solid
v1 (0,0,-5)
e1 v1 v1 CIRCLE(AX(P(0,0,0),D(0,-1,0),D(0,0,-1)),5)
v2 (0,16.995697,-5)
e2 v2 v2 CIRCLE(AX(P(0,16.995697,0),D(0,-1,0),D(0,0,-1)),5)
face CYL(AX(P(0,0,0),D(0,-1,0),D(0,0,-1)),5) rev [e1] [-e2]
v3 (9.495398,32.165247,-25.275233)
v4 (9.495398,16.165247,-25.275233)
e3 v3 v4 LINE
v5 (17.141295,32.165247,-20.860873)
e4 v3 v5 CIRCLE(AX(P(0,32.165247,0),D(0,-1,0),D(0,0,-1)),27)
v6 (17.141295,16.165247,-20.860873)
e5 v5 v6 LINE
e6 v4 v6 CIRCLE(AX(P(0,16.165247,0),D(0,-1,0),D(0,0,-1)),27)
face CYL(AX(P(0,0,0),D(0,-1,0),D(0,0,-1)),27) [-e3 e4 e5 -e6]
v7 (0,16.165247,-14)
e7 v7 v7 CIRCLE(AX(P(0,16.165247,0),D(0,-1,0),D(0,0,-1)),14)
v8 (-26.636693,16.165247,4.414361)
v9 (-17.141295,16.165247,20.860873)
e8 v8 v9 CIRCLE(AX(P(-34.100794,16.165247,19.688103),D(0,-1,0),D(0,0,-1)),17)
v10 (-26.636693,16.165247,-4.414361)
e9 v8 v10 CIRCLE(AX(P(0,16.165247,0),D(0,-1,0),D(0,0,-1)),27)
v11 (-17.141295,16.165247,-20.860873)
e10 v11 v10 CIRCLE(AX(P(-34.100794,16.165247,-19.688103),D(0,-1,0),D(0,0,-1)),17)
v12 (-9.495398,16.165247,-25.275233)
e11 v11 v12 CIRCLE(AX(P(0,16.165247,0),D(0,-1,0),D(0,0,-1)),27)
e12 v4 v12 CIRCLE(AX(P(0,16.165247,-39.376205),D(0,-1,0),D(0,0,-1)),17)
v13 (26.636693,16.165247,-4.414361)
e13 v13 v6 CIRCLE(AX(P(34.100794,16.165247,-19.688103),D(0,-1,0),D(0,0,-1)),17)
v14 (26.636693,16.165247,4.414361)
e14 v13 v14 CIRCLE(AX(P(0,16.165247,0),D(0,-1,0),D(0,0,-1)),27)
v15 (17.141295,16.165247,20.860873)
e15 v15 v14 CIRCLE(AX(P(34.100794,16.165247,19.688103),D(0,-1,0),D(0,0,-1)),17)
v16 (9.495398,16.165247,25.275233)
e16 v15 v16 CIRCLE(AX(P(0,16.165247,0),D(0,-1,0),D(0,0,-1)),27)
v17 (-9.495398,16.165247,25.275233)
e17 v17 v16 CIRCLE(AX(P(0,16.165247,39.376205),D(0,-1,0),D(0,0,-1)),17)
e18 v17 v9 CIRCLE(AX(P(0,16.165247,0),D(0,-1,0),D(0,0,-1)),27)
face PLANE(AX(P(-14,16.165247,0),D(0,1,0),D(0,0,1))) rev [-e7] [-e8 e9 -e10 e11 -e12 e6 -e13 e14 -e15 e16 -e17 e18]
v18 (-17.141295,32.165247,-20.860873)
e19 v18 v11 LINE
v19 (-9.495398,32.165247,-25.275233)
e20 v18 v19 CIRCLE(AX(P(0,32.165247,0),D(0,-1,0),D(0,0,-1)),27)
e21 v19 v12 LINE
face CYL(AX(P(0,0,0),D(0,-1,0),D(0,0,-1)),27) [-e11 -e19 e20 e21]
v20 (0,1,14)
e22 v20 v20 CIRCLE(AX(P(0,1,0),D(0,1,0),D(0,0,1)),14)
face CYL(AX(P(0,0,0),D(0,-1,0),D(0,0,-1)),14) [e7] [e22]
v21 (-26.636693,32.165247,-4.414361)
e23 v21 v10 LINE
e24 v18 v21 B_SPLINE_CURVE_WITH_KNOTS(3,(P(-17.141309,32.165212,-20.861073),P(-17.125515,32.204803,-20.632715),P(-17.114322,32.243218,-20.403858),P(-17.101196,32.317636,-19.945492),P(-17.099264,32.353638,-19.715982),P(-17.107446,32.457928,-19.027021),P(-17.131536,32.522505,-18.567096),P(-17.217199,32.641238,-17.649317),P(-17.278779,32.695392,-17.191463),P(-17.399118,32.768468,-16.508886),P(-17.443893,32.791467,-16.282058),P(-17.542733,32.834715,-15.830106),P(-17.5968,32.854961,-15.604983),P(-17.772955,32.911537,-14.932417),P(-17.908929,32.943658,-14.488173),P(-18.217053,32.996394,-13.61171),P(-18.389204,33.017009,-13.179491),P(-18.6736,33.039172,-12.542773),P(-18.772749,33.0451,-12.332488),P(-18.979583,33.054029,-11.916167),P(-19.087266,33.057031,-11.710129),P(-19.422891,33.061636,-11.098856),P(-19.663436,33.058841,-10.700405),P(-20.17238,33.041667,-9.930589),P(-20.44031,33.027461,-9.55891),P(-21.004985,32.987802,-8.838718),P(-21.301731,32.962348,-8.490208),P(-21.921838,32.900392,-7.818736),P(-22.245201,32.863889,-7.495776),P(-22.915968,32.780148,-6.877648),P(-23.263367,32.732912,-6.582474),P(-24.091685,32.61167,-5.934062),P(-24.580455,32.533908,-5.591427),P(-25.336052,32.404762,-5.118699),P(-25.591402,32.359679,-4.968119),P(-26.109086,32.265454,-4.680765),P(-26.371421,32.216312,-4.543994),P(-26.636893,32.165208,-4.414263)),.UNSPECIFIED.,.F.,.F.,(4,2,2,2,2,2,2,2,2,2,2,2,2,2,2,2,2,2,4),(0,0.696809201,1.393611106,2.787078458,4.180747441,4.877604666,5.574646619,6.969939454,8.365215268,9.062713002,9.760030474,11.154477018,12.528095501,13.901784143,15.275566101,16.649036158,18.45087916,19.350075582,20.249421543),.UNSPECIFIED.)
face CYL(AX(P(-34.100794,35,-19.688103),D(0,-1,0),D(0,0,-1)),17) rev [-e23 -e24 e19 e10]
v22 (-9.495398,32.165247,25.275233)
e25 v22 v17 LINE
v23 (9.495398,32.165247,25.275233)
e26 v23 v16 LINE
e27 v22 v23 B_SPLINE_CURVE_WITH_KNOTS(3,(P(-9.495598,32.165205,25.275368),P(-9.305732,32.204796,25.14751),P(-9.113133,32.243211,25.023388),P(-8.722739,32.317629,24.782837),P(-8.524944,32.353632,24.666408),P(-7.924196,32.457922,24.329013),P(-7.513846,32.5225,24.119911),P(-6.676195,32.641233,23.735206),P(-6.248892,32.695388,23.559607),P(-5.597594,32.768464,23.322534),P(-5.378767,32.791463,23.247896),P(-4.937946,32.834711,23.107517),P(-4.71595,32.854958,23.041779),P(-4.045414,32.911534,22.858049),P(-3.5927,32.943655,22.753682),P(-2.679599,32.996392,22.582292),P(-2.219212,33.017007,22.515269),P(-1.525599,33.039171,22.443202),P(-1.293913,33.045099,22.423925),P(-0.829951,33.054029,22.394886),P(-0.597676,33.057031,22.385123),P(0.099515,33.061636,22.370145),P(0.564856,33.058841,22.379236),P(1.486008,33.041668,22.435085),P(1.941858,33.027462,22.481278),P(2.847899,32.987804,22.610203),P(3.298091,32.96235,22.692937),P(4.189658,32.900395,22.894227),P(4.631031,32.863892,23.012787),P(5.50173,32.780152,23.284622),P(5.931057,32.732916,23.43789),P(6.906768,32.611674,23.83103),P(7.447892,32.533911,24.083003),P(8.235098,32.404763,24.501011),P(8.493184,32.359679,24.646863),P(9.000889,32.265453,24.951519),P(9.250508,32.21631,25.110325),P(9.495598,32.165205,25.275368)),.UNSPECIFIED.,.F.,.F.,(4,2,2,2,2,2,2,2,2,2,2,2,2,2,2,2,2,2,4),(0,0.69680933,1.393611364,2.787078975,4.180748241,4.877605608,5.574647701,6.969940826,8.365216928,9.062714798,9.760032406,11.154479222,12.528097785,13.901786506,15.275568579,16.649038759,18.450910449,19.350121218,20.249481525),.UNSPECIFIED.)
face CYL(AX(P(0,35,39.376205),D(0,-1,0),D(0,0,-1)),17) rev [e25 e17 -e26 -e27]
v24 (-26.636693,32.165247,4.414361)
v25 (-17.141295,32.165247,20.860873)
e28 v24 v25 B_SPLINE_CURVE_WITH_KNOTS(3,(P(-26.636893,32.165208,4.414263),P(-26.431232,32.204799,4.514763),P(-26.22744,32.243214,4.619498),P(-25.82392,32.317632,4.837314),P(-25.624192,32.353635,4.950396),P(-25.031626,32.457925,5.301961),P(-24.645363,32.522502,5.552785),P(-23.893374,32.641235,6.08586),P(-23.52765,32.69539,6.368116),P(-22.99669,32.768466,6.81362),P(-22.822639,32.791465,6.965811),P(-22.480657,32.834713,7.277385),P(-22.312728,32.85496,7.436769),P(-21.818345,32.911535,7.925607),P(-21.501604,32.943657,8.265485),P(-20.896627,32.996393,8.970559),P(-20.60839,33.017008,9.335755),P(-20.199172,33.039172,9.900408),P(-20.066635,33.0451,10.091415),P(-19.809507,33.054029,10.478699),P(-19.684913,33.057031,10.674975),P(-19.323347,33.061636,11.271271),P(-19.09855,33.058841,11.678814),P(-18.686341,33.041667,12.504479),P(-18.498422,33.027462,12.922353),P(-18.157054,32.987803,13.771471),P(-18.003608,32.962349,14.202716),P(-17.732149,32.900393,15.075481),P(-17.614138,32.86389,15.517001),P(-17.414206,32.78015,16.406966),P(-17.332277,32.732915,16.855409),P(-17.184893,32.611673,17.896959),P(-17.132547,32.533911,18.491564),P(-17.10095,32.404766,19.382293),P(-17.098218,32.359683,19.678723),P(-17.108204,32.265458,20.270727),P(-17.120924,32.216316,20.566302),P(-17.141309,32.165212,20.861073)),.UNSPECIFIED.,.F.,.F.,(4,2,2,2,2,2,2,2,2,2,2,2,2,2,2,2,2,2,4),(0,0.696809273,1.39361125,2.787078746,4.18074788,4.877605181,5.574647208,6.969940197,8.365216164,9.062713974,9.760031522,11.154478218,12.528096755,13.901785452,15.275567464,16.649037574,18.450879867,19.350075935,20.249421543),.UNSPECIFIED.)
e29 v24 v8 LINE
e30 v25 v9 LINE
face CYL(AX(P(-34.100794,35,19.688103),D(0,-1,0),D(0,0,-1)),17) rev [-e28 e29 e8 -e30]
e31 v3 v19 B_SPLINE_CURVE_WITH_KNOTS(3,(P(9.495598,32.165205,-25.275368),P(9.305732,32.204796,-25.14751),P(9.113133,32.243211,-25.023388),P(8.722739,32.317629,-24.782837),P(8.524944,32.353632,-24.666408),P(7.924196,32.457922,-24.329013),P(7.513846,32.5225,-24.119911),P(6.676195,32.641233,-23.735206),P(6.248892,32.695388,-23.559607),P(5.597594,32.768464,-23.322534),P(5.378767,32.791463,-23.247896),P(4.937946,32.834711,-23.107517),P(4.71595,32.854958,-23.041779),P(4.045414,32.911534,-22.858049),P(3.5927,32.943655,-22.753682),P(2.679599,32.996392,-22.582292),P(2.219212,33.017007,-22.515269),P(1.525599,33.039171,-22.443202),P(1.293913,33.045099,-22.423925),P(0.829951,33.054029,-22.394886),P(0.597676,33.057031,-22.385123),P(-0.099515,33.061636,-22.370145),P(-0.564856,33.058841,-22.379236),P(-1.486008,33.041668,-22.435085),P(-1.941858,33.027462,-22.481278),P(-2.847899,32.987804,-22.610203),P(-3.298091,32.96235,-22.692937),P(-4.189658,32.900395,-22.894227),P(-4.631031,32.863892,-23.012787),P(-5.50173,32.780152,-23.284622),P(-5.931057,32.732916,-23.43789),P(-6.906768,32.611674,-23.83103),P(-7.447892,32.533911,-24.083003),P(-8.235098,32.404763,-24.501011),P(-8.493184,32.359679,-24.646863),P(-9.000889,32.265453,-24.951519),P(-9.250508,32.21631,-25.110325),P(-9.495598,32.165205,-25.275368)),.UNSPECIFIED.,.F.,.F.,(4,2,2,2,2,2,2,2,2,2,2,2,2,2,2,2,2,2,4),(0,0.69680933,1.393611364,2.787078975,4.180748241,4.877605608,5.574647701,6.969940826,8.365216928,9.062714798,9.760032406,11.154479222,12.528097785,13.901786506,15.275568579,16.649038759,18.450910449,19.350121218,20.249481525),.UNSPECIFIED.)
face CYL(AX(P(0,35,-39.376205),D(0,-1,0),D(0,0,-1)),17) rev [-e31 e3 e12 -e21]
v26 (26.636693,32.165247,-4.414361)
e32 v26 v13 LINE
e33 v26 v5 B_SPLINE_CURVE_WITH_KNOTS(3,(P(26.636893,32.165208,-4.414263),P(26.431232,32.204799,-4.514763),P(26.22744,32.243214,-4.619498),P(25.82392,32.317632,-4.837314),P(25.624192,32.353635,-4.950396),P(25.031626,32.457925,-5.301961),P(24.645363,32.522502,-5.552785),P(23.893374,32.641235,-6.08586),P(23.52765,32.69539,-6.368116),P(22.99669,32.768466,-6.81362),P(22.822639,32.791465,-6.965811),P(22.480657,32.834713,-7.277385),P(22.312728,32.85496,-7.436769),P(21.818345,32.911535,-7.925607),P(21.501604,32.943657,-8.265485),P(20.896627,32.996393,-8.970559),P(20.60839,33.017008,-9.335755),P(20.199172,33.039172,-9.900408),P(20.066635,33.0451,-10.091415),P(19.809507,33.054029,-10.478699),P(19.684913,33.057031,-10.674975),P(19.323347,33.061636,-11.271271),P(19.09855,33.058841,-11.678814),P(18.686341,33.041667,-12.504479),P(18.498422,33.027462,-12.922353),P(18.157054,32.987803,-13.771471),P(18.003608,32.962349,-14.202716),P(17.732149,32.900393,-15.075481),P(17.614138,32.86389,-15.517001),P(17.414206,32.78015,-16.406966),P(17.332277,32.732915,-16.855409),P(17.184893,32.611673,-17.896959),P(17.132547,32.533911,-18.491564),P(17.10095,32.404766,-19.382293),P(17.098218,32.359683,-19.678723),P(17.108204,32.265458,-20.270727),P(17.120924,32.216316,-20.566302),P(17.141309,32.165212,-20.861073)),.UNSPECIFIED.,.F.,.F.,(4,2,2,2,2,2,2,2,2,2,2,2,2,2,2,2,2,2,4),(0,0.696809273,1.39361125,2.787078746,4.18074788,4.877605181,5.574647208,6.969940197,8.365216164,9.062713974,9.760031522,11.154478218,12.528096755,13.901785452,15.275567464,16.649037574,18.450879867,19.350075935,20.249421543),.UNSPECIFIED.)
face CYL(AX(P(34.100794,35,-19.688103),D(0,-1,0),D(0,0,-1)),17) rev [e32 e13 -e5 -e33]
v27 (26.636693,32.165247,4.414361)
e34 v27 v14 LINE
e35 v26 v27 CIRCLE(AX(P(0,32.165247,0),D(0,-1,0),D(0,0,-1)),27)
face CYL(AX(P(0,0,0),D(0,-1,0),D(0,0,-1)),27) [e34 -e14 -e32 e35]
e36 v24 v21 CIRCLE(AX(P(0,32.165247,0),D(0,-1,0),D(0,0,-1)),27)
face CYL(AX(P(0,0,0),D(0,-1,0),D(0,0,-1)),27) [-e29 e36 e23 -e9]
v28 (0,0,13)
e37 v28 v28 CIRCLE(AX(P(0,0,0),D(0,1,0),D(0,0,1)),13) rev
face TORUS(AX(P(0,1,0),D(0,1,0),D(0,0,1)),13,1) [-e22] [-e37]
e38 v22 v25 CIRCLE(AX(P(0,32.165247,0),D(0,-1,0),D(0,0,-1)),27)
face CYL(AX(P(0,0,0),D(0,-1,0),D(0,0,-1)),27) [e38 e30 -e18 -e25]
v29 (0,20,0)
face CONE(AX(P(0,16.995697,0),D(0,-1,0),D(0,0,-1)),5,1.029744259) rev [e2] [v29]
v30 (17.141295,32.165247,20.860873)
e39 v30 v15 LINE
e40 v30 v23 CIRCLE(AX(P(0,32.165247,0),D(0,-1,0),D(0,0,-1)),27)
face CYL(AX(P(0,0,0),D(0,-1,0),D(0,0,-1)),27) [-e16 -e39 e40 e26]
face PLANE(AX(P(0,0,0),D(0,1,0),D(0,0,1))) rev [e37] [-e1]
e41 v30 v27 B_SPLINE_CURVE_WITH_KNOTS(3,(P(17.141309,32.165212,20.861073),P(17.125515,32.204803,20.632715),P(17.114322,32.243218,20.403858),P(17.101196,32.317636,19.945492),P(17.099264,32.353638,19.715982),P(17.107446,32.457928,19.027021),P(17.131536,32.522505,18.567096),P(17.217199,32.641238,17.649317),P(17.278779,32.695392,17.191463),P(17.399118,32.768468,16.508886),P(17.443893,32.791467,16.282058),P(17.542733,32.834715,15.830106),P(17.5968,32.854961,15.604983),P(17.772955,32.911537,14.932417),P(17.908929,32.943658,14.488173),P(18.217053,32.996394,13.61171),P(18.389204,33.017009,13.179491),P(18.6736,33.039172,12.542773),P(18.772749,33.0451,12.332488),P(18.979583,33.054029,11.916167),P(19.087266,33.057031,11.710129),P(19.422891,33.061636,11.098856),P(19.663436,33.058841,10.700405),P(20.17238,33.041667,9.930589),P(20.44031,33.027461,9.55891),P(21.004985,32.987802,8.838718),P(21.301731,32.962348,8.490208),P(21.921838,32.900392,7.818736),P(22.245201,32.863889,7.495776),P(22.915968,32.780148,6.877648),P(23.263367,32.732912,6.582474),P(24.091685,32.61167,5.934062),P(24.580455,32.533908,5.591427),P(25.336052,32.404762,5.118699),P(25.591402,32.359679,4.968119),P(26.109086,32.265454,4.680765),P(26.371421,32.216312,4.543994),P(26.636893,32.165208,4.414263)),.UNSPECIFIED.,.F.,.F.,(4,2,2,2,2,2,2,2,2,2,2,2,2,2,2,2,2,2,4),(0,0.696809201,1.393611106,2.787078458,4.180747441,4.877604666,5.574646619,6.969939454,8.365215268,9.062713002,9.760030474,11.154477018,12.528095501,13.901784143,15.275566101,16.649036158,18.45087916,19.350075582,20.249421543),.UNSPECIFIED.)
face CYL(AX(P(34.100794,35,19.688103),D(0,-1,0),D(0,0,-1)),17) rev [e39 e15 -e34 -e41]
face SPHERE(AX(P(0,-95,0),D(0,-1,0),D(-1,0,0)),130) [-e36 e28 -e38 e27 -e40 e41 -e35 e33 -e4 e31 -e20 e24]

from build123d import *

# Parameters (mm, degrees)
CUT_EXTRUDE_1_DEPTH         = 43.576377572
HOLE_WIZARD_10_0_10_1_D     = 10
HOLE_WIZARD_10_0_10_1_DEPTH = 16.995696905
HOLE_WIZARD_10_0_10_1_TIP   = 3.004303095
FILLET_1_R                  = 1


with BuildPart() as part:
    # 草图1 → 旋转1 (revolve)
    with BuildSketch(Plane.XY, mode=Mode.PRIVATE) as revolve_1_sk:
        with BuildLine():
            Line((0, 0), (-14, 0))
            Line((-14, 0), (-14, 16.165246825))
            Line((-14, 16.165246825), (-27, 16.165246825))
            Line((-27, 16.165246825), (-27, 32.165246825))
            ThreePointArc((-27, 32.165246825), (-13.574201869, 34.289369415), (0, 35))
            Line((0, 35), (0, 0))
        make_face()
    revolve(revolve_1_sk.sketch.rotate(Axis((0, 0, 0), (0, 1, 0)), 270), axis=Axis((0, 0, 0), (0, 1, 0)))

    # 草图2 → 切除-拉伸1 (cut, through all)
    with BuildSketch(Plane.XZ.offset(-16.165246825)):
        with BuildLine():
            ThreePointArc((-26.636693093, 4.414360778), (-19.378362398, 11.188102747), (-17.141295122, 20.860872502))
            ThreePointArc((-17.141295122, 20.860872502), (-23.382685902, 13.5), (-26.636693093, 4.414360778))
        make_face()
        with BuildLine():
            ThreePointArc((9.495397971, 25.27523328), (0, 27), (-9.495397971, 25.27523328))
            ThreePointArc((-9.495397971, 25.27523328), (0, 22.376205494), (9.495397971, 25.27523328))
        make_face()
        with BuildLine():
            ThreePointArc((26.636693093, 4.414360778), (23.382685902, 13.5), (17.141295122, 20.860872502))
            ThreePointArc((17.141295122, 20.860872502), (19.378362398, 11.188102747), (26.636693093, 4.414360778))
        make_face()
        with BuildLine():
            ThreePointArc((17.141295122, -20.860872502), (23.382685902, -13.5), (26.636693093, -4.414360778))
            ThreePointArc((26.636693093, -4.414360778), (19.378362398, -11.188102747), (17.141295122, -20.860872502))
        make_face()
        with BuildLine():
            ThreePointArc((9.495397971, -25.27523328), (0, -22.376205494), (-9.495397971, -25.27523328))
            ThreePointArc((-9.495397971, -25.27523328), (0, -27), (9.495397971, -25.27523328))
        make_face()
        with BuildLine():
            ThreePointArc((-17.141295122, -20.860872502), (-19.378362398, -11.188102747), (-26.636693093, -4.414360778))
            ThreePointArc((-26.636693093, -4.414360778), (-23.382685902, -13.5), (-17.141295122, -20.860872502))
        make_face()
    extrude(amount=-CUT_EXTRUDE_1_DEPTH, mode=Mode.SUBTRACT)

    # Ø10.0 (10) 直径孔1
    with Locations(Plane(origin=(0, 0, 0), x_dir=(-1, 0, 0), z_dir=(0, -1, 0))):
        with Locations((0, 0)):
            Hole(HOLE_WIZARD_10_0_10_1_D / 2, depth=HOLE_WIZARD_10_0_10_1_DEPTH)
            with Locations((0, 0, -(HOLE_WIZARD_10_0_10_1_DEPTH + HOLE_WIZARD_10_0_10_1_TIP / 2))):  # 118° drill point
                Cone(0, HOLE_WIZARD_10_0_10_1_D / 2, HOLE_WIZARD_10_0_10_1_TIP, mode=Mode.SUBTRACT)

    # 圆角1
    fillet_1_edges = [part.edges().sort_by_distance(p)[0] for p in [
        (0, 0, 14),
    ]]
    fillet(fillet_1_edges, radius=FILLET_1_R)


solid = part.part
